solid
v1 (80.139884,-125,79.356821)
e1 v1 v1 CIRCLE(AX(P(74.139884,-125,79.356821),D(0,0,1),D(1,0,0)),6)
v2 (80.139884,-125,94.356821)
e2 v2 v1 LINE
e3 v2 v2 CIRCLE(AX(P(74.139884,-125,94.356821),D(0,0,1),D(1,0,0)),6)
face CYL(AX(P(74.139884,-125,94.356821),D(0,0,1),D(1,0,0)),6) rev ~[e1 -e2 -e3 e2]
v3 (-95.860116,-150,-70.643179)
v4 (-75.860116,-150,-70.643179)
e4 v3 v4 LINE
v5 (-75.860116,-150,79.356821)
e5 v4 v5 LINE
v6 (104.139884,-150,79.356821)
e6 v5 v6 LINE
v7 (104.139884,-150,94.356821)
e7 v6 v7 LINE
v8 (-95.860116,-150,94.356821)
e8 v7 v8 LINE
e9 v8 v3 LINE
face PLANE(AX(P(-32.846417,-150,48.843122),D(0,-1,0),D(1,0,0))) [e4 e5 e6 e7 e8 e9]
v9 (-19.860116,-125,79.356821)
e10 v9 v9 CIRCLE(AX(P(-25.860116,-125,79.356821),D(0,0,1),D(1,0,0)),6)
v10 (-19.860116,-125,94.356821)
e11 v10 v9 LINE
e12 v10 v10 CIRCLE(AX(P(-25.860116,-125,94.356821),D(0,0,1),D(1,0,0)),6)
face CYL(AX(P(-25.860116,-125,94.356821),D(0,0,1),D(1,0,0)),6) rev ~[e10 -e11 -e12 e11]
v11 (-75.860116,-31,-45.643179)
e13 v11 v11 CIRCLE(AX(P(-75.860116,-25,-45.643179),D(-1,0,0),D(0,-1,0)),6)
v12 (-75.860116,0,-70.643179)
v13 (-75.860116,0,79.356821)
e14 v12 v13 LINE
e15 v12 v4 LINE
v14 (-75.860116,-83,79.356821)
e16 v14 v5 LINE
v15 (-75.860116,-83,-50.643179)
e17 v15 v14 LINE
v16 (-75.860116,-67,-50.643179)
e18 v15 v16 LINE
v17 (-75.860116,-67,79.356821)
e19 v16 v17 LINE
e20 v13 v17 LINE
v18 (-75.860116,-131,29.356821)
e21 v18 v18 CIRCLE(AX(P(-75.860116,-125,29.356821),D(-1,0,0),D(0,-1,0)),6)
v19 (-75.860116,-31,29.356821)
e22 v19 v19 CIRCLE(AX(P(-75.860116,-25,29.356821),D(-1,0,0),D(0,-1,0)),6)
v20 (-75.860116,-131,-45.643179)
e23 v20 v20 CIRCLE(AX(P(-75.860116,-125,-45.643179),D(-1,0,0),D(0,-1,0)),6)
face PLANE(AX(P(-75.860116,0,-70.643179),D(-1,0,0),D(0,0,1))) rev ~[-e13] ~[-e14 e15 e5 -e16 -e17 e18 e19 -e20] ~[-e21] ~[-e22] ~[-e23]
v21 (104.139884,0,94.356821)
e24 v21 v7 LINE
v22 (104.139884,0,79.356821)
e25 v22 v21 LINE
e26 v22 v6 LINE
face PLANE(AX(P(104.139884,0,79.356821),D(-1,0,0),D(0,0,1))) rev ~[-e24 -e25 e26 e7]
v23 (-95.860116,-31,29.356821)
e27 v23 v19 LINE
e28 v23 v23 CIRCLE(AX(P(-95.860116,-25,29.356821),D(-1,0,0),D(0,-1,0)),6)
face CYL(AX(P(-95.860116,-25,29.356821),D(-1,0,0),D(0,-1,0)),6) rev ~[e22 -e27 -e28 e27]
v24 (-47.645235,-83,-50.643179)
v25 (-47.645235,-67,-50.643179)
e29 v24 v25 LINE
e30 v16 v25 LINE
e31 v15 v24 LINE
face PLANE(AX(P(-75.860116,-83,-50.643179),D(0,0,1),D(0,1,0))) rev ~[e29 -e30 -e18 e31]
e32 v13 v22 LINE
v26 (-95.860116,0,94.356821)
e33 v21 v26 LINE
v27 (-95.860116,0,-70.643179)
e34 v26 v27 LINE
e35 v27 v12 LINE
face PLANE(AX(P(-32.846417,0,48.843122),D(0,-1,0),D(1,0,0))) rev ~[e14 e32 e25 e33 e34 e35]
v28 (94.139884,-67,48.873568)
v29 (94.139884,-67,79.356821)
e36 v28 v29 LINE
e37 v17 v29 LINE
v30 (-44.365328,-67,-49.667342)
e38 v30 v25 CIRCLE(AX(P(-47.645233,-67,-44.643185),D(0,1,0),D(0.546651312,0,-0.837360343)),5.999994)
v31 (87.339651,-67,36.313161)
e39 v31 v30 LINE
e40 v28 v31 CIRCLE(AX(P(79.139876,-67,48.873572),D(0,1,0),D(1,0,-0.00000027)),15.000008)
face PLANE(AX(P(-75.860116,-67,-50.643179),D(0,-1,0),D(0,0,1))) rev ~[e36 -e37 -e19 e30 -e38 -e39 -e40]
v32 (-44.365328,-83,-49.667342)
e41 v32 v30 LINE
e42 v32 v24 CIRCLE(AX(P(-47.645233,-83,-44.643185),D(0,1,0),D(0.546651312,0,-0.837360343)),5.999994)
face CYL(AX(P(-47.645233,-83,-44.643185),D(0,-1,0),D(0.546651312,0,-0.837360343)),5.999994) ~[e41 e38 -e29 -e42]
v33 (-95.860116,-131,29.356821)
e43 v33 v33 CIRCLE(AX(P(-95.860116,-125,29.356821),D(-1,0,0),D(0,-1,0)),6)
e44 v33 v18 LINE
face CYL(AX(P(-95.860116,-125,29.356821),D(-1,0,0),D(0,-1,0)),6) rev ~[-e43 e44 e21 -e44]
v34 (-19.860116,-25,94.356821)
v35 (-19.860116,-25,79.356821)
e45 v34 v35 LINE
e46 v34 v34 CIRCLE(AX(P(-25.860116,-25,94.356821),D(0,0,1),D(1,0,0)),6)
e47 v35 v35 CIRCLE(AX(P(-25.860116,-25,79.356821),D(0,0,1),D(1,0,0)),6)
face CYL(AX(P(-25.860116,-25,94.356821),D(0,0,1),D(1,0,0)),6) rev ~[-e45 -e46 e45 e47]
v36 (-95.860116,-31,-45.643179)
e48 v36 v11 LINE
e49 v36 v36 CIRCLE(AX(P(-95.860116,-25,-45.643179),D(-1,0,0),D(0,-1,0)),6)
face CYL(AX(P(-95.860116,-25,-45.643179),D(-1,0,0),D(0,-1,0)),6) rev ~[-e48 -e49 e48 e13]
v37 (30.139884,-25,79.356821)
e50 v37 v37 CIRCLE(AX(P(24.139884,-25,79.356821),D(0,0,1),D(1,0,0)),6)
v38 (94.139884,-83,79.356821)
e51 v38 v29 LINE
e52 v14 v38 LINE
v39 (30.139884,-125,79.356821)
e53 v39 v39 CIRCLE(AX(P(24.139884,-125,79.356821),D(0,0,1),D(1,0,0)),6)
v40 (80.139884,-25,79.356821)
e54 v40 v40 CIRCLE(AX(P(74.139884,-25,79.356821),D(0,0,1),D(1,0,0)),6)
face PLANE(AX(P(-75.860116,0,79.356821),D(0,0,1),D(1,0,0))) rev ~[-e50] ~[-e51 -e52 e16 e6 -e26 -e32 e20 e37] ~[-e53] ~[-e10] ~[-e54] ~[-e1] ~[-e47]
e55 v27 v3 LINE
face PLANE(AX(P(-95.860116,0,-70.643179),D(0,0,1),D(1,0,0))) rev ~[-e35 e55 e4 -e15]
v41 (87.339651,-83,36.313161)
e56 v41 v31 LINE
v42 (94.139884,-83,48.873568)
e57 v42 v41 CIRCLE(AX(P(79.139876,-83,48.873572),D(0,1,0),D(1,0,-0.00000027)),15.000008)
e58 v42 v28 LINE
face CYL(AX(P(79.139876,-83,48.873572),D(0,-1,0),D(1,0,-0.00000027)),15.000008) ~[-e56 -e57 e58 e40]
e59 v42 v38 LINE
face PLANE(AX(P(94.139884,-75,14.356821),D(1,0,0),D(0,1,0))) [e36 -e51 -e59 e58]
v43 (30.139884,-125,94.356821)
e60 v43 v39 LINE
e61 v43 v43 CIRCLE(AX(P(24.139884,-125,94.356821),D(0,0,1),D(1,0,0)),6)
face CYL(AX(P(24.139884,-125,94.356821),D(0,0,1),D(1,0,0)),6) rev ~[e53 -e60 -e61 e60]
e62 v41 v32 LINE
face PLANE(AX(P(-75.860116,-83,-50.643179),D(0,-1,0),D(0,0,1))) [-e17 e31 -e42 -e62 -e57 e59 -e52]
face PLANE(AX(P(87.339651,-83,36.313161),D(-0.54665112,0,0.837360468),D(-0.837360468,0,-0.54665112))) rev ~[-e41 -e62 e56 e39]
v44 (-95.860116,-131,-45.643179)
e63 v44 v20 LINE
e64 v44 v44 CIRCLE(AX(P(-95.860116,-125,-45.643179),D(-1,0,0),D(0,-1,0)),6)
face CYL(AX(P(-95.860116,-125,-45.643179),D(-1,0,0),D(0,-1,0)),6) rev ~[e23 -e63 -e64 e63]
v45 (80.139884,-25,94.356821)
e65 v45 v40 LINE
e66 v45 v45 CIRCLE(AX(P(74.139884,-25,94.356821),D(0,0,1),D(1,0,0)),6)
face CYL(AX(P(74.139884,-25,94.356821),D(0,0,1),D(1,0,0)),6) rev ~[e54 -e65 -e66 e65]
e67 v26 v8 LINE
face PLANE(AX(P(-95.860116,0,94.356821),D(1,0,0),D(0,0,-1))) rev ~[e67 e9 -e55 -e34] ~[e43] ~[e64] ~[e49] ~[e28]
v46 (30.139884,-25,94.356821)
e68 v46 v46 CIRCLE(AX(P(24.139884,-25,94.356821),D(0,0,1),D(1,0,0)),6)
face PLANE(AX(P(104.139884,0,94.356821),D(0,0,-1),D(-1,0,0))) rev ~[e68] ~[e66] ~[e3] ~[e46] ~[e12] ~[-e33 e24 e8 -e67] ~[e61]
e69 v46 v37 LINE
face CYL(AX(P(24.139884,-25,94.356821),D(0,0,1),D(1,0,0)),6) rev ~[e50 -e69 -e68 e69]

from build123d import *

# Parameters (mm, degrees)
F1_DEPTH = 150
F2_W     = 16
F2_H     = 130
F3_DEPTH = 170
F5_DEPTH = 16
F6_R     = 6
F7_DEPTH = 15
F8_R     = 6
F9_DEPTH = 20


with BuildPart() as f1:
    # F0 (on Front) → F1 (new body)
    with BuildSketch(Plane.XZ):
        Polygon((-95.860116, -70.643179), (-75.860116, -70.643179), (-75.860116, 79.356821), (104.139884, 79.356821), (104.139884, 94.356821), (-95.860116, 94.356821), align=None)
    extrude(amount=F1_DEPTH)

    # F2 (on face) → F3 (join)
    with BuildSketch(Plane.YZ.offset(-75.860116)):
        with Locations((-75, 14.356821)):
            Rectangle(F2_W, F2_H)
    extrude(amount=F3_DEPTH)

    # F4 (on face) → F5 (cut)
    with BuildSketch(Plane.XZ.offset(83)):
        with BuildLine():
            ThreePointArc((-44.365328, -49.667342), (-45.934238, -50.394048), (-47.645235, -50.643179))
            Line((-47.645235, -50.643179), (94.139884, -50.643179))
            Line((94.139884, -50.643179), (94.139884, 48.873568))
            ThreePointArc((94.139884, 48.873568), (92.330723, 41.732018), (87.339651, 36.313161))
            Line((87.339651, 36.313161), (-44.365328, -49.667342))
        make_face()
    extrude(amount=-F5_DEPTH, mode=Mode.SUBTRACT)

    # F6 (on face) → F7 (cut)
    with BuildSketch(Plane.XY.offset(94.356821)):
        with Locations((-25.860116, -25)):
            Circle(F6_R)
        with Locations((24.139884, -25)):
            Circle(F6_R)
        with Locations((74.139884, -25)):
            Circle(F6_R)
        with Locations((74.139884, -125)):
            Circle(F6_R)
        with Locations((24.139884, -125)):
            Circle(F6_R)
        with Locations((-25.860116, -125)):
            Circle(F6_R)
    extrude(amount=-F7_DEPTH, mode=Mode.SUBTRACT)

    # F8 (on face) → F9 (cut)
    with BuildSketch(Plane(origin=(-95.860116, 0, 0), x_dir=(0, -1, 0), z_dir=(-1, 0, 0))):
        with Locations((125, 29.356821)):
            Circle(F8_R)
        with Locations((125, -45.643179)):
            Circle(F8_R)
        with Locations((25, -45.643179)):
            Circle(F8_R)
        with Locations((25, 29.356821)):
            Circle(F8_R)
    extrude(amount=-F9_DEPTH, mode=Mode.SUBTRACT)


solid = f1.part
